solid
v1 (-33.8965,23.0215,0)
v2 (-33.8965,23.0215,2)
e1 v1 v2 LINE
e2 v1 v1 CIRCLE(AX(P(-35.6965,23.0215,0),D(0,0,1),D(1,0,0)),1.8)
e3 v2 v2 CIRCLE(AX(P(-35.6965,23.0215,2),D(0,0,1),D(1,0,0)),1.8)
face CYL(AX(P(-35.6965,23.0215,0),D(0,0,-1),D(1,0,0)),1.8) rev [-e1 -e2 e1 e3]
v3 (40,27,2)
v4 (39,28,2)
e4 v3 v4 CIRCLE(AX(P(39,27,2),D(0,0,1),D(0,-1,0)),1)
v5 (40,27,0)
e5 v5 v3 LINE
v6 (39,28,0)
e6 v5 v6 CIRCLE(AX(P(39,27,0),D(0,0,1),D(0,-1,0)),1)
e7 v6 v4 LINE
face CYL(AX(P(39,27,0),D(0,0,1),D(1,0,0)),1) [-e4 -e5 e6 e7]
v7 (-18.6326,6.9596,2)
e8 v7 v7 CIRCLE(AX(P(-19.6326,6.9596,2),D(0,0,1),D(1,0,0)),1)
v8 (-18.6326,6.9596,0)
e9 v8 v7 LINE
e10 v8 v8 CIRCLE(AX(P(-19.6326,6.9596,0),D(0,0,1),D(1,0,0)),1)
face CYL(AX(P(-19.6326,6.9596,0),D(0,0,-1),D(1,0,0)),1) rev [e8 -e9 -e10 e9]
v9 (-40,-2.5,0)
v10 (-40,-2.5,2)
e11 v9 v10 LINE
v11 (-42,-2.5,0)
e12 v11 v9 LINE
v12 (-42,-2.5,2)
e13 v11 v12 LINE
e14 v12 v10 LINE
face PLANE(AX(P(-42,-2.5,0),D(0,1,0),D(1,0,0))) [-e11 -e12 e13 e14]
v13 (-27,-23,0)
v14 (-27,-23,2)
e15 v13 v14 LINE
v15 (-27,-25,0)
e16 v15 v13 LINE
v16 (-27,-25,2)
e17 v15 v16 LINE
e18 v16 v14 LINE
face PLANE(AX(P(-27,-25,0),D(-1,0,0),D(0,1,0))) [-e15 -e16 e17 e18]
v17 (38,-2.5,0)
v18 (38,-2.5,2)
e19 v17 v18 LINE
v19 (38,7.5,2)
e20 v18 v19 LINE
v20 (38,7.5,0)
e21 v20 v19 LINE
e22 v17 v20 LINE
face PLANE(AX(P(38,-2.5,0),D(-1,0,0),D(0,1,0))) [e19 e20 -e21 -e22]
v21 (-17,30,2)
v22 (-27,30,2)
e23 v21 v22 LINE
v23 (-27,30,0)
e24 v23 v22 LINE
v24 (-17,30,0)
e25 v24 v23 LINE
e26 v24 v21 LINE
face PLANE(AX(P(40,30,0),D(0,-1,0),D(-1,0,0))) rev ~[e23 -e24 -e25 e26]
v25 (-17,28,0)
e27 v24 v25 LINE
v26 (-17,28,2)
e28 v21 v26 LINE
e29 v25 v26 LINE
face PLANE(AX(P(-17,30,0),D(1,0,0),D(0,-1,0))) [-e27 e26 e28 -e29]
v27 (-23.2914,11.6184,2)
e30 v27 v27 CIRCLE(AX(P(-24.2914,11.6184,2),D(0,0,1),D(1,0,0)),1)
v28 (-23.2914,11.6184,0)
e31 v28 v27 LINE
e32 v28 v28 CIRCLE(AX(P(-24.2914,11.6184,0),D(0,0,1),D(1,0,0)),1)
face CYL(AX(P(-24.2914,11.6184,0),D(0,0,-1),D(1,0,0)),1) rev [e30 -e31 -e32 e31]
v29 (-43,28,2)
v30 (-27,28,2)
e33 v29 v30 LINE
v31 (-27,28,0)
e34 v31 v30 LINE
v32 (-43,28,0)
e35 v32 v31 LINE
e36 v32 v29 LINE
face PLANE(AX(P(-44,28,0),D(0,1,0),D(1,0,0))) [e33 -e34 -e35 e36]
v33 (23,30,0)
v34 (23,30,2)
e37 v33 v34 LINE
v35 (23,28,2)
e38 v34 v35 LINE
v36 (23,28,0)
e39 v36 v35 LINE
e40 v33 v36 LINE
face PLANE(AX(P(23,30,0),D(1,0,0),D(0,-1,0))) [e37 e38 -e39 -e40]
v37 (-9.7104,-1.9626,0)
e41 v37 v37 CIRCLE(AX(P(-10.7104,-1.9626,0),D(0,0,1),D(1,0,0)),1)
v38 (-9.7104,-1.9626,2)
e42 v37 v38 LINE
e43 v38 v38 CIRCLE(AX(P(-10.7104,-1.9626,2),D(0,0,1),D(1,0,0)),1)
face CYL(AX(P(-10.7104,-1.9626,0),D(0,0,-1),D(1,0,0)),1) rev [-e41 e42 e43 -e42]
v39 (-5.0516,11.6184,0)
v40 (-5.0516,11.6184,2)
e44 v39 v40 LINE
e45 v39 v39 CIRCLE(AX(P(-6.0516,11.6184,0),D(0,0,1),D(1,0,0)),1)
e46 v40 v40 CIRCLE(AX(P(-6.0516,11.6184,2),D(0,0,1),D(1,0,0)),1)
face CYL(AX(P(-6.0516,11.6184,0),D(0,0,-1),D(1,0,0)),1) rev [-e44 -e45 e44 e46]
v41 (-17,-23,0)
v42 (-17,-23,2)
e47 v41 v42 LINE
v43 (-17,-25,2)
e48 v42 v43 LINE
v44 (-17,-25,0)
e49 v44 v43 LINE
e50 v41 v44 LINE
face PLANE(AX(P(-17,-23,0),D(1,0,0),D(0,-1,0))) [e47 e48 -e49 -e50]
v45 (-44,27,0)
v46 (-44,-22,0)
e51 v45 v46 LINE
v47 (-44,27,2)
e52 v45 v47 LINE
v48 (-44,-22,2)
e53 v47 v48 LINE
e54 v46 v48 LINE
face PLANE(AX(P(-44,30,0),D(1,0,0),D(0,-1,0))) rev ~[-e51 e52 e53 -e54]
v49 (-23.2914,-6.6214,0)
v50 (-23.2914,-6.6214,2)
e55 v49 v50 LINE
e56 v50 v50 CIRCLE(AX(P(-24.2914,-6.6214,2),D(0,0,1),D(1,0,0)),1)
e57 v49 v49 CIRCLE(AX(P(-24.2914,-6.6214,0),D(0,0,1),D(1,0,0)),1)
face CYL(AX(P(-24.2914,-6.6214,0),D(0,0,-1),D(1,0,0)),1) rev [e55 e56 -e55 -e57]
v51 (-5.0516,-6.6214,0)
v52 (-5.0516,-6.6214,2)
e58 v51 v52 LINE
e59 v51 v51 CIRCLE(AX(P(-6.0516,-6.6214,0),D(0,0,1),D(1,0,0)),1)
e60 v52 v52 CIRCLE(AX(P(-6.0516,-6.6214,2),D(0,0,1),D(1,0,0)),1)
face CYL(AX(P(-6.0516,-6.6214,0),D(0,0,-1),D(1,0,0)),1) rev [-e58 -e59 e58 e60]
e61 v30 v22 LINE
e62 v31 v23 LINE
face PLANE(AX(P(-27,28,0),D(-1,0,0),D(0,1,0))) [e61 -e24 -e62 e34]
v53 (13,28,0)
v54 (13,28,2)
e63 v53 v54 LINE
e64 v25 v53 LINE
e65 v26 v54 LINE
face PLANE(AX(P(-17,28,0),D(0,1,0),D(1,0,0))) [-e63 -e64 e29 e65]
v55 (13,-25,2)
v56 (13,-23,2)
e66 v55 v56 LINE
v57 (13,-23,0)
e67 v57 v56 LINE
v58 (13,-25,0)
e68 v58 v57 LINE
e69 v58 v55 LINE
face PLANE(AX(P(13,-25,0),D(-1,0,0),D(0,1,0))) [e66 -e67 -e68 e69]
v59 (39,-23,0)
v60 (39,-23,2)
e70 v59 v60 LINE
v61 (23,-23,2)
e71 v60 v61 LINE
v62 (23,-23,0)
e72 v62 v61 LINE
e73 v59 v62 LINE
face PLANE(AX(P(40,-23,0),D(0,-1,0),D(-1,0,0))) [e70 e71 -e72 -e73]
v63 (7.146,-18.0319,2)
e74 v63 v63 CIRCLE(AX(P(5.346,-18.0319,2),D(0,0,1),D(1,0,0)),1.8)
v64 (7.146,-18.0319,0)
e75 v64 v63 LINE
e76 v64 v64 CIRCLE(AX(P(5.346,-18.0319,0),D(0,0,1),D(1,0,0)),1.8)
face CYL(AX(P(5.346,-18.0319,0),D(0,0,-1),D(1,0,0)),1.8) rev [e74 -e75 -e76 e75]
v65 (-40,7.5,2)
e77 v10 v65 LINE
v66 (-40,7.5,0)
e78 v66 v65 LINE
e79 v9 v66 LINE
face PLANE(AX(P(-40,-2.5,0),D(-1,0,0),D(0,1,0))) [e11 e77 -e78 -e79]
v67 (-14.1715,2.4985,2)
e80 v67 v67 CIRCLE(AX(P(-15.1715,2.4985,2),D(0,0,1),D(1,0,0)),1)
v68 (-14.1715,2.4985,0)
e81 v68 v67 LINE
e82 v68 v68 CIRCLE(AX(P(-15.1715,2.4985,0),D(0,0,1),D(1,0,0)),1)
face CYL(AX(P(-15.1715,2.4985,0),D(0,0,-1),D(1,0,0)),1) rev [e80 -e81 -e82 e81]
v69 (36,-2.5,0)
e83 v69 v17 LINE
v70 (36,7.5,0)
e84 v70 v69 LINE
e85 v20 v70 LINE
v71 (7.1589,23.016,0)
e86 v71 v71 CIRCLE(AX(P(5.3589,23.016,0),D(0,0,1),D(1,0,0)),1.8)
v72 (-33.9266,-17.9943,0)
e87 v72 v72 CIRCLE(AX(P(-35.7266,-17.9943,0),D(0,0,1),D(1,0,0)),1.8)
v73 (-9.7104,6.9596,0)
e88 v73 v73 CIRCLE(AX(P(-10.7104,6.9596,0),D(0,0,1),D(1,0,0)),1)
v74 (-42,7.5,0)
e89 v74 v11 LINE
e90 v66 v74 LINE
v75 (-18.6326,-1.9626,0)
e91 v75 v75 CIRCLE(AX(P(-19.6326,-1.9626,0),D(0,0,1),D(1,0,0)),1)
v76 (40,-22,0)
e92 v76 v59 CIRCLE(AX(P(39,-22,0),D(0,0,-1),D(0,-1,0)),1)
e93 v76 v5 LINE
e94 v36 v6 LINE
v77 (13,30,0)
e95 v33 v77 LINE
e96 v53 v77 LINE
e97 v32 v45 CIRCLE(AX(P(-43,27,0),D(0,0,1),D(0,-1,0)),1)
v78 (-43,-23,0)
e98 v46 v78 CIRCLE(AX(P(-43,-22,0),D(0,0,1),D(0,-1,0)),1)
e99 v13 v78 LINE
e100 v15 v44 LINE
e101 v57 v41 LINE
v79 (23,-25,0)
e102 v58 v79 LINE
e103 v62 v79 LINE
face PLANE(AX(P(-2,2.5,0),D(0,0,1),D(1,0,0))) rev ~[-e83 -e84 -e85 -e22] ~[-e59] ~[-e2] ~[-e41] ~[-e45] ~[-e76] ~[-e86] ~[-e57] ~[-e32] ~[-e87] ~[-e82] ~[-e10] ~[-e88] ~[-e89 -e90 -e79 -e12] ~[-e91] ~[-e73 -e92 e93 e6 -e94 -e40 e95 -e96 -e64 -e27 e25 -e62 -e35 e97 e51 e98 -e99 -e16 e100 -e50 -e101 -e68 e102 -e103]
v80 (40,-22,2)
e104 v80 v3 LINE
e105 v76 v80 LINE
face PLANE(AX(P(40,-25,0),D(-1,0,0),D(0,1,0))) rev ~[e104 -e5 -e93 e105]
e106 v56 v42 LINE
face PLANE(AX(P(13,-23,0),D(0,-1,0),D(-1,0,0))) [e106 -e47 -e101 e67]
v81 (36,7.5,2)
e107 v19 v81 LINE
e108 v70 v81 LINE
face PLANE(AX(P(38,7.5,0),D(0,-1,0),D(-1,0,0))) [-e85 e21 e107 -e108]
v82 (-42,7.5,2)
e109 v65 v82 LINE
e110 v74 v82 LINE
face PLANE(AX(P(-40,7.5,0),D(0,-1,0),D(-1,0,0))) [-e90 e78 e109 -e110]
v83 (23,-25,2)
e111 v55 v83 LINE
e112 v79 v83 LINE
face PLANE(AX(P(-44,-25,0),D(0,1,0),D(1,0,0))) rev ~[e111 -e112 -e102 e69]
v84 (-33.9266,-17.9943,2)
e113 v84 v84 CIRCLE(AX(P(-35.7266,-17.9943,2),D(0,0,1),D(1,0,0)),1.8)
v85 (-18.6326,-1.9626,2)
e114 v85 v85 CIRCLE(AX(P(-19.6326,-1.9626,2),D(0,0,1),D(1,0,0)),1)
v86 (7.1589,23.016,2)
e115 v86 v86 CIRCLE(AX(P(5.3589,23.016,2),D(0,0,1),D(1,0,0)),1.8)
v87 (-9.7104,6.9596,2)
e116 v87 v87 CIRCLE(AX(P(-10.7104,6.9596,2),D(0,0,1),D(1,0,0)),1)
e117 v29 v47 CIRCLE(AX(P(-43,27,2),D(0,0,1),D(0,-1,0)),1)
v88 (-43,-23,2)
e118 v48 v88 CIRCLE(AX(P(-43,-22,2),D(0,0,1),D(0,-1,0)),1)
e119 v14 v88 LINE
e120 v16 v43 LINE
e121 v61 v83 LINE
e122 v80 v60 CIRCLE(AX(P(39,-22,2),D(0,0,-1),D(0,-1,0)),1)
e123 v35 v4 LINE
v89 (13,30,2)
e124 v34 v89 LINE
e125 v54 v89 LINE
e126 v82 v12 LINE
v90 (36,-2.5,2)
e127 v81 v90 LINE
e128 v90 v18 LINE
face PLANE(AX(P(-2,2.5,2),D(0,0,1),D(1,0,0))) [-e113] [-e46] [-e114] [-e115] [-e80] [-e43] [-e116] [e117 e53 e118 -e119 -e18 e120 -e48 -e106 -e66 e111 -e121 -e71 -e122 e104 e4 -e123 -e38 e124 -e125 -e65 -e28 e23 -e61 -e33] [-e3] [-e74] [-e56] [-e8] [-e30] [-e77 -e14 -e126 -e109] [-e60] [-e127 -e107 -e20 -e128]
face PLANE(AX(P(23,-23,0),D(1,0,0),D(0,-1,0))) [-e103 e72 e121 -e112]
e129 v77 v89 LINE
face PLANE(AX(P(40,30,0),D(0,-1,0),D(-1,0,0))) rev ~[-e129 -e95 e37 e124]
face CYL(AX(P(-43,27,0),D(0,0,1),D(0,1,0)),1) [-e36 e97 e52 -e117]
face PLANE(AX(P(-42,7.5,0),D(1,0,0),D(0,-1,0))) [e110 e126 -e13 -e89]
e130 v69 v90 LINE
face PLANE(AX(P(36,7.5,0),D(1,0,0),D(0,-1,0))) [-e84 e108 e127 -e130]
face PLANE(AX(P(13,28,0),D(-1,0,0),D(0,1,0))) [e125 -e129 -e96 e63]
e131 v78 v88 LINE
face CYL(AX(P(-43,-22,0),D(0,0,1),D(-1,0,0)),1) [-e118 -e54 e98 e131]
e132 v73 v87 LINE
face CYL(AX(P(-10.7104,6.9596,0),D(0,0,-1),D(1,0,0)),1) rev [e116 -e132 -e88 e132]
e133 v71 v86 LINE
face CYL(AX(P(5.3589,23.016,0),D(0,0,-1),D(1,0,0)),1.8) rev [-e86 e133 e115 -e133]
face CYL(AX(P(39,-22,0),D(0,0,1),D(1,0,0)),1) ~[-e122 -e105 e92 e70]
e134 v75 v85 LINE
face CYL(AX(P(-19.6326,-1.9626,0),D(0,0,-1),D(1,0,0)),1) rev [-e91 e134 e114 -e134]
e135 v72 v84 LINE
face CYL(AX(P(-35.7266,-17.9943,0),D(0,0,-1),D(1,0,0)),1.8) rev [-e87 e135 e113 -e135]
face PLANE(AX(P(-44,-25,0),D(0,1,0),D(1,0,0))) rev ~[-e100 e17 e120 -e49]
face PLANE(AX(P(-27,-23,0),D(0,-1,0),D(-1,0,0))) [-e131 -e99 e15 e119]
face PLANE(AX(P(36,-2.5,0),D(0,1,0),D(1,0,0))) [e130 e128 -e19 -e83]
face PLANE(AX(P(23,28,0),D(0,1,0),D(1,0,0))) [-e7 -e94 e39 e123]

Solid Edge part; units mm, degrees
sketch "Sketch1" plane through (0, 0, 0) normal (0, 0, 1) x (1, 0, 0)
  line L0 (40, -25) -> (40, 30)
  line L1 (40, 30) -> (-44, 30)
  line L2 (-44, 30) -> (-44, -25)
  line L3 (-44, -25) -> (40, -25)
extrude "Protrusion1" add sketch "Sketch1" along normal blind 2
sketch "Sketch2" plane through (0, 0, 0) normal (0, 0, 1) x (1, 0, 0)
  line L0 (-44, 28) -> (-27, 28)
  line L1 (-27, 28) -> (-27, 30)
  line L2 (-27, 30) -> (-44, 30)
  line L3 (-44, 30) -> (-44, 28)
extrude "ExtrudedCutout_1" cut sketch "Sketch2" along normal blind 2
sketch "Sketch3" plane through (0, 0, 0) normal (0, 0, 1) x (1, 0, 0)
  line L0 (-17, 28) -> (13, 28)
  line L1 (13, 28) -> (13, 30)
  line L2 (13, 30) -> (-17, 30)
  line L3 (-17, 30) -> (-17, 28)
extrude "ExtrudedCutout_2" cut sketch "Sketch3" along normal blind 2
sketch "Sketch4" plane through (0, 0, 0) normal (0, 0, 1) x (1, 0, 0)
  line L0 (23, 28) -> (40, 28)
  line L1 (40, 28) -> (40, 30)
  line L2 (40, 30) -> (23, 30)
  line L3 (23, 30) -> (23, 28)
extrude "ExtrudedCutout_3" cut sketch "Sketch4" along normal blind 2
sketch "Sketch5" plane through (0, 0, 0) normal (0, 0, 1) x (1, 0, 0)
  line L0 (38, -2.5) -> (38, 7.5)
  line L1 (38, 7.5) -> (36, 7.5)
  line L2 (36, 7.5) -> (36, -2.5)
  line L3 (36, -2.5) -> (38, -2.5)
extrude "ExtrudedCutout_4" cut sketch "Sketch5" along normal blind 2
sketch "Sketch6" plane through (0, 0, 0) normal (0, 0, 1) x (1, 0, 0)
  line L0 (40, -23) -> (23, -23)
  line L1 (23, -23) -> (23, -25)
  line L2 (23, -25) -> (40, -25)
  line L3 (40, -25) -> (40, -23)
extrude "ExtrudedCutout_5" cut sketch "Sketch6" along normal blind 2
sketch "Sketch7" plane through (0, 0, 0) normal (0, 0, 1) x (1, 0, 0)
  line L0 (13, -23) -> (-17, -23)
  line L1 (-17, -23) -> (-17, -25)
  line L2 (-17, -25) -> (13, -25)
  line L3 (13, -25) -> (13, -23)
extrude "ExtrudedCutout_6" cut sketch "Sketch7" along normal blind 2
sketch "Sketch8" plane through (0, 0, 0) normal (0, 0, 1) x (1, 0, 0)
  line L0 (-27, -23) -> (-44, -23)
  line L1 (-44, -23) -> (-44, -25)
  line L2 (-44, -25) -> (-27, -25)
  line L3 (-27, -25) -> (-27, -23)
extrude "ExtrudedCutout_7" cut sketch "Sketch8" along normal blind 2
sketch "Sketch9" plane through (0, 0, 0) normal (0, 0, 1) x (1, 0, 0)
  line L0 (-40, -2.5) -> (-40, 7.5)
  line L1 (-40, 7.5) -> (-42, 7.5)
  line L2 (-42, 7.5) -> (-42, -2.5)
  line L3 (-42, -2.5) -> (-40, -2.5)
extrude "ExtrudedCutout_8" cut sketch "Sketch9" along normal blind 2
sketch "Sketch10" plane through (0, 0, 0) normal (0, 0, 1) x (1, 0, 0)
  circle A0 centre (-35.6965, 23.0215) radius 1.8
extrude "Cutout1" cut sketch "Sketch10" along normal blind 2
sketch "Sketch11" plane through (0, 0, 0) normal (0, 0, 1) x (1, 0, 0)
  circle A0 centre (5.3589, 23.016) radius 1.8
extrude "ExtrudedCutout_10" cut sketch "Sketch11" along normal blind 2
sketch "Sketch12" plane through (0, 0, 0) normal (0, 0, 1) x (1, 0, 0)
  circle A0 centre (-35.7266, -17.9943) radius 1.8
extrude "ExtrudedCutout_11" cut sketch "Sketch12" along normal blind 2
sketch "Sketch13" plane through (0, 0, 0) normal (0, 0, 1) x (1, 0, 0)
  circle A0 centre (5.346, -18.0319) radius 1.8
extrude "ExtrudedCutout_12" cut sketch "Sketch13" along normal blind 2
sketch "Sketch14" plane through (0, 0, 0) normal (0, 0, 1) x (1, 0, 0)
  circle A0 centre (-24.2914, 11.6184) radius 1
  circle A1 centre (-19.6326, 6.9596) radius 1
  circle A2 centre (-15.1715, 2.4985) radius 1
  circle A3 centre (-10.7104, 6.9596) radius 1
  circle A4 centre (-6.0516, 11.6184) radius 1
  circle A5 centre (-10.7104, -1.9626) radius 1
  circle A6 centre (-6.0516, -6.6214) radius 1
  circle A7 centre (-19.6326, -1.9626) radius 1
  circle A8 centre (-24.2914, -6.6214) radius 1
  dimension "D1" = 2
  dimension "D2" = 2
  dimension "D3" = 2
  dimension "D4" = 2
  dimension "D5" = 2
  dimension "D6" = 2
  dimension "D7" = 2
  dimension "D8" = 2
  dimension "D9" = 2
extrude "ExtrudedCutout_13" cut sketch "Sketch14" along normal blind 2
fillet "Round_1" radius 1 4 edges at (-44, -23, 1) (40, -23, 1) (40, 28, 1) (-44, 28, 1)
properties material "Acrylic, high impact grade"
